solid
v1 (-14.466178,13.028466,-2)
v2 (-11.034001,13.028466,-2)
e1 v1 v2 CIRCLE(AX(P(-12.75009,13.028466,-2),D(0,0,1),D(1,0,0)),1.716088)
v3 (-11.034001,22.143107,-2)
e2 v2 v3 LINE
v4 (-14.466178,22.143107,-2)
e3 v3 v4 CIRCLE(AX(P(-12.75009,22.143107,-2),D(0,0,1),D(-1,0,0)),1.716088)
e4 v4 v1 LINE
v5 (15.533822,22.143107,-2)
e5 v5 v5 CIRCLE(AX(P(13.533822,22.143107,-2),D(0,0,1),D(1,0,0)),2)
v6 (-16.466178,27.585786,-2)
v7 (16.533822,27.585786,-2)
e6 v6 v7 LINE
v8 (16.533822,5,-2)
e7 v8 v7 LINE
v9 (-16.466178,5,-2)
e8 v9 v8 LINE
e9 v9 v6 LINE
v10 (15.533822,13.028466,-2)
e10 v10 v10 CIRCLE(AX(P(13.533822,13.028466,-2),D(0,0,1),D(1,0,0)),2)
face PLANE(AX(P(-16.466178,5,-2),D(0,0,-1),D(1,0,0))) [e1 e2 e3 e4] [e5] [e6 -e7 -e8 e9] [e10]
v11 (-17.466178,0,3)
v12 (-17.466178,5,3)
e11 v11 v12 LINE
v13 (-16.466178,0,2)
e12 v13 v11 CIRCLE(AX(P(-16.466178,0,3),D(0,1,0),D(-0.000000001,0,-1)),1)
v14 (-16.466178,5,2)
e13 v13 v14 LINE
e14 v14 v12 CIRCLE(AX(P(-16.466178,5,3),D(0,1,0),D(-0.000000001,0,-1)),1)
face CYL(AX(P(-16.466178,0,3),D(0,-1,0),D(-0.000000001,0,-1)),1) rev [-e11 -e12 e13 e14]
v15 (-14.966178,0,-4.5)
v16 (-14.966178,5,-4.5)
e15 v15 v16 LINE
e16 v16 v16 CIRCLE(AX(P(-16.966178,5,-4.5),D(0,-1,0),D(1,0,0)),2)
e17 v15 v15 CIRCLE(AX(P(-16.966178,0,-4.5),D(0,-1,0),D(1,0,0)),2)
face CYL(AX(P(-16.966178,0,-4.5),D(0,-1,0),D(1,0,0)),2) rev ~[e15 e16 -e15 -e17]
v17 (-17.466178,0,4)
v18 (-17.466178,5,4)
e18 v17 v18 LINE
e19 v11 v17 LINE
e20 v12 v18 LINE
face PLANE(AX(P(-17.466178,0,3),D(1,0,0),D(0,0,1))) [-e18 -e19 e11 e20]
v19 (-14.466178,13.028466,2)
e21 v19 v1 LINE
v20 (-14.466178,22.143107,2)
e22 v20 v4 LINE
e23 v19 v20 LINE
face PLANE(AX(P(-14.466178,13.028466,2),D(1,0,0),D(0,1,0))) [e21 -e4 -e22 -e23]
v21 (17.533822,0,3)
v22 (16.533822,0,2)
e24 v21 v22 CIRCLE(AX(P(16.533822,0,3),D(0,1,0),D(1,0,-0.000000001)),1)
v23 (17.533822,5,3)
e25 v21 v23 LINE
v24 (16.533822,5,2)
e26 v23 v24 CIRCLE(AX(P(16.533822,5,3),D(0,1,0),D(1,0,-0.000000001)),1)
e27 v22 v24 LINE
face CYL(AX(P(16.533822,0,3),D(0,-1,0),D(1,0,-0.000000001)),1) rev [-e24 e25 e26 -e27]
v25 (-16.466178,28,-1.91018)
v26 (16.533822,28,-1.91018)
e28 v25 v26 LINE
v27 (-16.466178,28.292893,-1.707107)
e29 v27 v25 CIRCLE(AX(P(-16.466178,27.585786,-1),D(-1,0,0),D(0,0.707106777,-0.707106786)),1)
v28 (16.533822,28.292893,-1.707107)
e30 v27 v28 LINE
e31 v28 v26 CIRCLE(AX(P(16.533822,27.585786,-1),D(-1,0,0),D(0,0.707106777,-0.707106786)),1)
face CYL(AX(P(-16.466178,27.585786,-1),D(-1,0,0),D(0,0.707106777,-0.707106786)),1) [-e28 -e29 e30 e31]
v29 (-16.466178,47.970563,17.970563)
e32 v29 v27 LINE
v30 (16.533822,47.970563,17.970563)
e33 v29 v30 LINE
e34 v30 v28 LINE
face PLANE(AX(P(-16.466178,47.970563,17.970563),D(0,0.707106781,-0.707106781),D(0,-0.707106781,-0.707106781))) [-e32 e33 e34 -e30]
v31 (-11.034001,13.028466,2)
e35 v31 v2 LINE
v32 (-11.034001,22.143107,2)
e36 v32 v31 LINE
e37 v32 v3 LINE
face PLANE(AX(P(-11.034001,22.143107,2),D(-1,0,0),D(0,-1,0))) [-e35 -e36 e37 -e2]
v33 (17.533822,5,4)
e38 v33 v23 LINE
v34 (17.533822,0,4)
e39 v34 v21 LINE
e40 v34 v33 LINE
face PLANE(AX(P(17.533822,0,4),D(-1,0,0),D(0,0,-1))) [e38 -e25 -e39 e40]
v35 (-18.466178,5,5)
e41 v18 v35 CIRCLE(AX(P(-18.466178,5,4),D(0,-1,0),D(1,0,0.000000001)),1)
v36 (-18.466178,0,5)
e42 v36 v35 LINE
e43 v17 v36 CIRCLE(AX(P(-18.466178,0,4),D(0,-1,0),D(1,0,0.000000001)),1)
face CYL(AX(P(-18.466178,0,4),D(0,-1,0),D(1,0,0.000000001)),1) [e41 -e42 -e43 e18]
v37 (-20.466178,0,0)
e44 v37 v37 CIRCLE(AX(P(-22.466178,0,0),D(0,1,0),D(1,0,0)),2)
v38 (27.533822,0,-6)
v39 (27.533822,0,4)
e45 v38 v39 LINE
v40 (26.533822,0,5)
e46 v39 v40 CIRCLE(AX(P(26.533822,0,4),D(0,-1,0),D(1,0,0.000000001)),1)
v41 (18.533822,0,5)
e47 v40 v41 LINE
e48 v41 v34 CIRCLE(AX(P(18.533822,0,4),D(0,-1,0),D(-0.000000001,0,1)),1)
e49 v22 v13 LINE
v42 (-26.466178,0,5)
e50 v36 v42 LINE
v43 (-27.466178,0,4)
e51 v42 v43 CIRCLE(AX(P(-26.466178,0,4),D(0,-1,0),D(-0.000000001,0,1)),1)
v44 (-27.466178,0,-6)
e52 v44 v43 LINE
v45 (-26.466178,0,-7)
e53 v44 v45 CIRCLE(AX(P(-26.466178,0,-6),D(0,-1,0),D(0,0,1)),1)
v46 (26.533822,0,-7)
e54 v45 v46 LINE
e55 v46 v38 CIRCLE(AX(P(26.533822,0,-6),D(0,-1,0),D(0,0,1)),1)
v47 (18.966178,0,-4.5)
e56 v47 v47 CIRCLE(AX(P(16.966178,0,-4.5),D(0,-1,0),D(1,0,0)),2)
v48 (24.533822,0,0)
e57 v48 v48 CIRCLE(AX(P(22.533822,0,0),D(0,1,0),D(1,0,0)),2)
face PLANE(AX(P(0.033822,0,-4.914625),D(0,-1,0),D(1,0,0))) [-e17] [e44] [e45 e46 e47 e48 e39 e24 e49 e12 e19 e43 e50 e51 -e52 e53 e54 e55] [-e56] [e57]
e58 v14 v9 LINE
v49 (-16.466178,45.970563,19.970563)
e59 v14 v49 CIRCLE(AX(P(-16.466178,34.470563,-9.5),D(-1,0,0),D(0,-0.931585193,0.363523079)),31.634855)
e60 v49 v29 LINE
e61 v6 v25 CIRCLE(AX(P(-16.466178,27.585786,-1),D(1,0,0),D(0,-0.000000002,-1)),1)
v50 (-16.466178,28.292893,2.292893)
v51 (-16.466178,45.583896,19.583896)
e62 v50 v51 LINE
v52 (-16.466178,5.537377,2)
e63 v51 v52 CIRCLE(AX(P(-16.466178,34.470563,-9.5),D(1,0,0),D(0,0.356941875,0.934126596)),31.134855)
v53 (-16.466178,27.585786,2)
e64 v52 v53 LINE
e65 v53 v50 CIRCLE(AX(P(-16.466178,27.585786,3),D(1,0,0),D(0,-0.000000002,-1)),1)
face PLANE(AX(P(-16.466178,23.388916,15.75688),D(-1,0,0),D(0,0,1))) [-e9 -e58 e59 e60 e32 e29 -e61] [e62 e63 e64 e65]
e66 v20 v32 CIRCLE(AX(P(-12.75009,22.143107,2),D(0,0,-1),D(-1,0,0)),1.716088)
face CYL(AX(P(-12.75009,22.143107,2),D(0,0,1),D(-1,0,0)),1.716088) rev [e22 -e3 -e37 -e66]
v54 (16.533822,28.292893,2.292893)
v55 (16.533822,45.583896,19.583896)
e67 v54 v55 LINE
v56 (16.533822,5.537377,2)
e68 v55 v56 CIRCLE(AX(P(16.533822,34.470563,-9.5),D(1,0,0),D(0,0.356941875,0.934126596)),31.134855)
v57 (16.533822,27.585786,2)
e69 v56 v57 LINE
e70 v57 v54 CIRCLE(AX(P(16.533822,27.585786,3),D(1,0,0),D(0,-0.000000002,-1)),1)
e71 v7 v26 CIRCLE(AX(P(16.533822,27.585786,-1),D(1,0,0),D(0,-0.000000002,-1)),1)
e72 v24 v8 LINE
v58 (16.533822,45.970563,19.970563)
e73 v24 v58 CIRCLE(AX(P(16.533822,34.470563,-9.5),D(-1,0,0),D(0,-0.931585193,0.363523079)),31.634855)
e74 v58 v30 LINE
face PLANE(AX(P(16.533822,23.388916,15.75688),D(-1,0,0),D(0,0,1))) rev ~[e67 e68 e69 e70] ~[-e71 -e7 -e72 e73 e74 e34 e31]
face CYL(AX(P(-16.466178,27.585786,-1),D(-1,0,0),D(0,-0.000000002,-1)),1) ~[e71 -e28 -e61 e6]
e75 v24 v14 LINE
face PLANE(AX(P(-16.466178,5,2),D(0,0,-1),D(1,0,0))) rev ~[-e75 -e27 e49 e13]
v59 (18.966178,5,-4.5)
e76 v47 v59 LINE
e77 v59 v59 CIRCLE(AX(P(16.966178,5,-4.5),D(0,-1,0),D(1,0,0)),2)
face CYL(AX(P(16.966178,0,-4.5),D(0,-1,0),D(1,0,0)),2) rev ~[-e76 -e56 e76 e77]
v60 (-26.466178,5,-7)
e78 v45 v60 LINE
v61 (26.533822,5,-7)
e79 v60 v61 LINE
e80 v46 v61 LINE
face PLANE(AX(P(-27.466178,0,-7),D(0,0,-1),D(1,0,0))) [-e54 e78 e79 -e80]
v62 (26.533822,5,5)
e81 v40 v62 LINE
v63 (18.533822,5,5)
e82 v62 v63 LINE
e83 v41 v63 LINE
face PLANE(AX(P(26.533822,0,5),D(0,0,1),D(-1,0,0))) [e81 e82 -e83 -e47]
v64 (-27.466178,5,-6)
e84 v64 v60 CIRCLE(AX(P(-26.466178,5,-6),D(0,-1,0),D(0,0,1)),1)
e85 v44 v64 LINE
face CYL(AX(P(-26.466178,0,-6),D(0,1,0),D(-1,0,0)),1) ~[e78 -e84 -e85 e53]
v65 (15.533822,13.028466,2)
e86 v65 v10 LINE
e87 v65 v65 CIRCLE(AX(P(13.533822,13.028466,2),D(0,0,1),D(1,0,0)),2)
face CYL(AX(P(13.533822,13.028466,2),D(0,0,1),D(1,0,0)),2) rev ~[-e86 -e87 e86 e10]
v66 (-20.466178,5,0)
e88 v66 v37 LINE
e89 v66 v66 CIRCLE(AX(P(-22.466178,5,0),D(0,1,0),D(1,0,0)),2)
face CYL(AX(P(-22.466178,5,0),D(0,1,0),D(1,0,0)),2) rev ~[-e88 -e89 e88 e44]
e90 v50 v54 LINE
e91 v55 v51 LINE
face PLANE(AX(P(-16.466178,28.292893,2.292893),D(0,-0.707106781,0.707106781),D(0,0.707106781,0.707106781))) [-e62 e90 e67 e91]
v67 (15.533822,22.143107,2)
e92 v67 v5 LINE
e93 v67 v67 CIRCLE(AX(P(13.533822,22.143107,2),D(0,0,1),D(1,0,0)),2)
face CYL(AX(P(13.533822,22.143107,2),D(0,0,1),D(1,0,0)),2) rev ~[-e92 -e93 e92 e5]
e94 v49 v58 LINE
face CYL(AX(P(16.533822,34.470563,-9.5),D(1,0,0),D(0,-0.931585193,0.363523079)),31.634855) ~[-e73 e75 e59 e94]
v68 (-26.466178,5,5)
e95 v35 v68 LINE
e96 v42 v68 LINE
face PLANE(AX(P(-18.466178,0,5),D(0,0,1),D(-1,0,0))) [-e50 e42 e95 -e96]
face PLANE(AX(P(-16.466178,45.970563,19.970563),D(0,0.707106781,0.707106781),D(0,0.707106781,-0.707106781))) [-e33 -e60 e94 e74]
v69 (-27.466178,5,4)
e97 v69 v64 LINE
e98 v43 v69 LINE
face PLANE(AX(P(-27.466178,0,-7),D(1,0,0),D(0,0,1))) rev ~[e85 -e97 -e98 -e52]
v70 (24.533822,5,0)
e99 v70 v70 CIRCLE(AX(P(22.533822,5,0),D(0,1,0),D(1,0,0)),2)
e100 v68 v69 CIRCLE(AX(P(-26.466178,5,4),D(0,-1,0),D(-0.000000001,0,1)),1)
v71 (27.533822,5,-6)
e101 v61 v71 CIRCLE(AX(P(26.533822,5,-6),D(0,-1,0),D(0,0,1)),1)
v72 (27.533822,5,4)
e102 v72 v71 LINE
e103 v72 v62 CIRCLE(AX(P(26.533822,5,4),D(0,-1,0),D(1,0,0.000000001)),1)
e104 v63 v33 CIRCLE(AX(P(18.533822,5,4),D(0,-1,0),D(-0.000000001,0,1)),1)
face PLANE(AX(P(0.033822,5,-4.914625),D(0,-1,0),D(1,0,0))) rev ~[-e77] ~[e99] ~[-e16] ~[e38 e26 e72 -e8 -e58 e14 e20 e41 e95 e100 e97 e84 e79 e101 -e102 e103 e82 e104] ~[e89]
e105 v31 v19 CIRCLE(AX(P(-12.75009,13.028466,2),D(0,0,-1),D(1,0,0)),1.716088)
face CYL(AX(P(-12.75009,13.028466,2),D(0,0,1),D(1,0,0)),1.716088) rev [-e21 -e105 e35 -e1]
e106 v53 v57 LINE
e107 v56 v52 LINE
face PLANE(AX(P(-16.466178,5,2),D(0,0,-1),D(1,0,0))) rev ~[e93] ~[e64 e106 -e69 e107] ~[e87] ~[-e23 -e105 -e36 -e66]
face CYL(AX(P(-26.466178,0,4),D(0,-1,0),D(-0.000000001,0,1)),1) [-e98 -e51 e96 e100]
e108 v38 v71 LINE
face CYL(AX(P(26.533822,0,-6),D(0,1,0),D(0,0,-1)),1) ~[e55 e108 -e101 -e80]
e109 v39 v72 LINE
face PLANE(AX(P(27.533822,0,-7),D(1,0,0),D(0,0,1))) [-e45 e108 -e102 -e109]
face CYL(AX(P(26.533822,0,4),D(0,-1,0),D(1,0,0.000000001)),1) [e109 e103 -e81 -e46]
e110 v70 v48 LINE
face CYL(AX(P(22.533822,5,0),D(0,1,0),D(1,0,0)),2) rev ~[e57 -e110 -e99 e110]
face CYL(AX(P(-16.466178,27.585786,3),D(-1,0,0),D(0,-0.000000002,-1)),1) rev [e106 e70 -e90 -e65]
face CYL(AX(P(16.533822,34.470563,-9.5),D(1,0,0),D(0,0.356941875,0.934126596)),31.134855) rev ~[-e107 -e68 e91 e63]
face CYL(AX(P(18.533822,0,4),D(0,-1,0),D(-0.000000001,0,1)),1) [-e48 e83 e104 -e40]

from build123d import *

# Parameters (mm, degrees)
EXTRUDE_2_DEPTH     = 5
SKETCH_4_W          = 33
SKETCH_4_H          = 4
EXTRUDE_3_DEPTH     = 23
EXTRUDE_4_DEPTH     = 33
SKETCH_11_R         = 2
CUT_EXTRUDE_1_DEPTH = 14
CUT_EXTRUDE_2_DEPTH = 33
SKETCH_17_R         = 2
CUT_EXTRUDE_3_DEPTH = 5
SKETCH_18_W         = 37
SKETCH_18_H         = 3
EXTRUDE_5_DEPTH     = 5
SKETCH_19_W         = 55
SKETCH_19_H         = 4.170749575
EXTRUDE_6_DEPTH     = 5
SKETCH_21_R         = 2
CUT_EXTRUDE_4_DEPTH = 5
FILLET_1_R          = 1
EXTRUDE_10_DEPTH    = 33


with BuildPart() as part:
    # 草图1 → 凸台-拉伸2 (new body)
    with BuildSketch(Plane(origin=(0, 0, 0), x_dir=(1, 0, 0), z_dir=(0, 1, 0))):
        with BuildLine():
            Line((26.533821687, -5), (18.533821687, -5))
            ThreePointArc((18.533821687, -5), (17.826714906, -4.707106781), (17.533821687, -4))
            Line((17.533821687, -4), (17.533821687, -3))
            ThreePointArc((17.533821687, -3), (17.240928468, -2.292893219), (16.533821687, -2))
            Line((16.533821687, -2), (-16.466178313, -2))
            ThreePointArc((-16.466178313, -2), (-17.173285094, -2.292893219), (-17.466178313, -3))
            Line((-17.466178313, -3), (-17.466178313, -4))
            ThreePointArc((-17.466178313, -4), (-17.759071532, -4.707106781), (-18.466178313, -5))
            Line((-18.466178313, -5), (-26.466178313, -5))
            ThreePointArc((-26.466178313, -5), (-27.173285094, -4.707106781), (-27.466178313, -4))
            Line((-27.466178313, -4), (-27.466178313, 4))
            ThreePointArc((-27.466178313, 4), (-27.173285094, 4.707106781), (-26.466178313, 5))
            Line((-26.466178313, 5), (-18.466178313, 5))
            ThreePointArc((-18.466178313, 5), (-17.759071532, 4.707106781), (-17.466178313, 4))
            Line((-17.466178313, 4), (-17.466178313, 3))
            ThreePointArc((-17.466178313, 3), (-17.173285094, 2.292893219), (-16.466178313, 2))
            Line((-16.466178313, 2), (16.533821687, 2))
            ThreePointArc((16.533821687, 2), (17.240928468, 2.292893219), (17.533821687, 3))
            Line((17.533821687, 3), (17.533821687, 4))
            ThreePointArc((17.533821687, 4), (17.826714906, 4.707106781), (18.533821687, 5))
            Line((18.533821687, 5), (26.533821687, 5))
            ThreePointArc((26.533821687, 5), (27.240928468, 4.707106781), (27.533821687, 4))
            Line((27.533821687, 4), (27.533821687, -4))
            ThreePointArc((27.533821687, -4), (27.240928468, -4.707106781), (26.533821687, -5))
        make_face()
    extrude(amount=EXTRUDE_2_DEPTH)

    # 草图4 → 凸台-拉伸3 (add)
    with BuildSketch(Plane(origin=(0, 5, 0), x_dir=(1, 0, 0), z_dir=(0, 1, 0))):
        with Locations((0.033821687, 0)):
            Rectangle(SKETCH_4_W, SKETCH_4_H)
    extrude(amount=EXTRUDE_3_DEPTH)

    # 草图5 → 凸台-拉伸4 (add)
    with BuildSketch(Plane.ZY.offset(16.466178313)):
        with BuildLine():
            ThreePointArc((2, 27.585786438), (2.076120467, 27.96846987), (2.292893219, 28.292893219))
            Line((2.292893219, 28.292893219), (19.970562748, 45.970562748))
            Line((19.970562748, 45.970562748), (17.970562748, 47.970562748))
            Line((17.970562748, 47.970562748), (-1.707106781, 28.292893219))
            ThreePointArc((-1.707106781, 28.292893219), (-1.821797126, 28.155566643), (-1.910179721, 28))
            Line((-1.910179721, 28), (2, 28))
            Line((2, 28), (2, 27.585786438))
        make_face()
    extrude(amount=-EXTRUDE_4_DEPTH)

    # 草图11 → 切除-拉伸1 (cut)
    with BuildSketch(Plane.XY.offset(2)):
        with Locations((13.533821687, 22.143107046)):
            Circle(SKETCH_11_R)
        with Locations((13.533821687, 13.028465829)):
            Circle(SKETCH_11_R)
        with BuildLine():
            Line((-11.034001398, 22.143107046), (-11.034001398, 13.028465829))
            ThreePointArc((-11.034001398, 13.028465829), (-12.750089855, 11.312377371), (-14.466178313, 13.028465829))
            Line((-14.466178313, 13.028465829), (-14.466178313, 22.143107046))
            ThreePointArc((-14.466178313, 22.143107046), (-12.750089855, 23.859195504), (-11.034001398, 22.143107046))
        make_face()
    extrude(amount=-CUT_EXTRUDE_1_DEPTH, mode=Mode.SUBTRACT)

    # 草图16 → 切除-拉伸2 (cut)
    with BuildSketch(Plane.ZY.offset(16.466178313)):
        with BuildLine():
            Line((-1.910179721, 28), (-2, 28))
            Line((-2, 28), (-2, 27.585786438))
            ThreePointArc((-2, 27.585786438), (-1.97728699, 27.797706563), (-1.910179721, 28))
        make_face()
    extrude(amount=-CUT_EXTRUDE_2_DEPTH, mode=Mode.SUBTRACT)

    # 草图17 → 切除-拉伸3 (cut)
    with BuildSketch(Plane(origin=(0, 5, 0), x_dir=(1, 0, 0), z_dir=(0, 1, 0))):
        with Locations((22.533821687, 0)):
            Circle(SKETCH_17_R)
        with Locations((-22.466178313, 0)):
            Circle(SKETCH_17_R)
    extrude(amount=-CUT_EXTRUDE_3_DEPTH, mode=Mode.SUBTRACT)

    # 草图18 → 凸台-拉伸5 (add)
    with BuildSketch(Plane.XZ):
        with Locations((0.033821687, -3.5)):
            Rectangle(SKETCH_18_W, SKETCH_18_H)
    extrude(amount=-EXTRUDE_5_DEPTH)

    # 草图19 → 凸台-拉伸6 (add)
    with BuildSketch(Plane.XZ):
        with Locations((0.033821687, -4.914625212)):
            Rectangle(SKETCH_19_W, SKETCH_19_H)
    extrude(amount=-EXTRUDE_6_DEPTH)

    # 草图21 → 切除-拉伸4 (cut)
    with BuildSketch(Plane.XZ):
        with Locations((-16.966178313, -4.5)):
            Circle(SKETCH_21_R)
        with Locations((16.966178313, -4.5)):
            Circle(SKETCH_21_R)
    extrude(amount=-CUT_EXTRUDE_4_DEPTH, mode=Mode.SUBTRACT)

    # 圆角1
    fillet_1_edges = [part.edges().sort_by_distance(p)[0] for p in [
        (27.533821687, 2.5, -7),
        (-27.466178313, 2.5, -7),
    ]]
    fillet(fillet_1_edges, radius=FILLET_1_R)

    # 草图29 → 凸台-拉伸10 (add)
    with BuildSketch(Plane(origin=(16.533821687, 0, 0), x_dir=(0, 0, -1), z_dir=(1, 0, 0))):
        with BuildLine():
            Line((-2, 5.537377417), (-2, 5))
            ThreePointArc((-2, 5), (-19.470562748, 21.763455967), (-19.970562748, 45.970562748))
            Line((-19.970562748, 45.970562748), (-19.583896385, 45.583896385))
            ThreePointArc((-19.583896385, 45.583896385), (-19.007789844, 21.953169584), (-2, 5.537377417))
        make_face()
    extrude(amount=-EXTRUDE_10_DEPTH)


solid = part.part
